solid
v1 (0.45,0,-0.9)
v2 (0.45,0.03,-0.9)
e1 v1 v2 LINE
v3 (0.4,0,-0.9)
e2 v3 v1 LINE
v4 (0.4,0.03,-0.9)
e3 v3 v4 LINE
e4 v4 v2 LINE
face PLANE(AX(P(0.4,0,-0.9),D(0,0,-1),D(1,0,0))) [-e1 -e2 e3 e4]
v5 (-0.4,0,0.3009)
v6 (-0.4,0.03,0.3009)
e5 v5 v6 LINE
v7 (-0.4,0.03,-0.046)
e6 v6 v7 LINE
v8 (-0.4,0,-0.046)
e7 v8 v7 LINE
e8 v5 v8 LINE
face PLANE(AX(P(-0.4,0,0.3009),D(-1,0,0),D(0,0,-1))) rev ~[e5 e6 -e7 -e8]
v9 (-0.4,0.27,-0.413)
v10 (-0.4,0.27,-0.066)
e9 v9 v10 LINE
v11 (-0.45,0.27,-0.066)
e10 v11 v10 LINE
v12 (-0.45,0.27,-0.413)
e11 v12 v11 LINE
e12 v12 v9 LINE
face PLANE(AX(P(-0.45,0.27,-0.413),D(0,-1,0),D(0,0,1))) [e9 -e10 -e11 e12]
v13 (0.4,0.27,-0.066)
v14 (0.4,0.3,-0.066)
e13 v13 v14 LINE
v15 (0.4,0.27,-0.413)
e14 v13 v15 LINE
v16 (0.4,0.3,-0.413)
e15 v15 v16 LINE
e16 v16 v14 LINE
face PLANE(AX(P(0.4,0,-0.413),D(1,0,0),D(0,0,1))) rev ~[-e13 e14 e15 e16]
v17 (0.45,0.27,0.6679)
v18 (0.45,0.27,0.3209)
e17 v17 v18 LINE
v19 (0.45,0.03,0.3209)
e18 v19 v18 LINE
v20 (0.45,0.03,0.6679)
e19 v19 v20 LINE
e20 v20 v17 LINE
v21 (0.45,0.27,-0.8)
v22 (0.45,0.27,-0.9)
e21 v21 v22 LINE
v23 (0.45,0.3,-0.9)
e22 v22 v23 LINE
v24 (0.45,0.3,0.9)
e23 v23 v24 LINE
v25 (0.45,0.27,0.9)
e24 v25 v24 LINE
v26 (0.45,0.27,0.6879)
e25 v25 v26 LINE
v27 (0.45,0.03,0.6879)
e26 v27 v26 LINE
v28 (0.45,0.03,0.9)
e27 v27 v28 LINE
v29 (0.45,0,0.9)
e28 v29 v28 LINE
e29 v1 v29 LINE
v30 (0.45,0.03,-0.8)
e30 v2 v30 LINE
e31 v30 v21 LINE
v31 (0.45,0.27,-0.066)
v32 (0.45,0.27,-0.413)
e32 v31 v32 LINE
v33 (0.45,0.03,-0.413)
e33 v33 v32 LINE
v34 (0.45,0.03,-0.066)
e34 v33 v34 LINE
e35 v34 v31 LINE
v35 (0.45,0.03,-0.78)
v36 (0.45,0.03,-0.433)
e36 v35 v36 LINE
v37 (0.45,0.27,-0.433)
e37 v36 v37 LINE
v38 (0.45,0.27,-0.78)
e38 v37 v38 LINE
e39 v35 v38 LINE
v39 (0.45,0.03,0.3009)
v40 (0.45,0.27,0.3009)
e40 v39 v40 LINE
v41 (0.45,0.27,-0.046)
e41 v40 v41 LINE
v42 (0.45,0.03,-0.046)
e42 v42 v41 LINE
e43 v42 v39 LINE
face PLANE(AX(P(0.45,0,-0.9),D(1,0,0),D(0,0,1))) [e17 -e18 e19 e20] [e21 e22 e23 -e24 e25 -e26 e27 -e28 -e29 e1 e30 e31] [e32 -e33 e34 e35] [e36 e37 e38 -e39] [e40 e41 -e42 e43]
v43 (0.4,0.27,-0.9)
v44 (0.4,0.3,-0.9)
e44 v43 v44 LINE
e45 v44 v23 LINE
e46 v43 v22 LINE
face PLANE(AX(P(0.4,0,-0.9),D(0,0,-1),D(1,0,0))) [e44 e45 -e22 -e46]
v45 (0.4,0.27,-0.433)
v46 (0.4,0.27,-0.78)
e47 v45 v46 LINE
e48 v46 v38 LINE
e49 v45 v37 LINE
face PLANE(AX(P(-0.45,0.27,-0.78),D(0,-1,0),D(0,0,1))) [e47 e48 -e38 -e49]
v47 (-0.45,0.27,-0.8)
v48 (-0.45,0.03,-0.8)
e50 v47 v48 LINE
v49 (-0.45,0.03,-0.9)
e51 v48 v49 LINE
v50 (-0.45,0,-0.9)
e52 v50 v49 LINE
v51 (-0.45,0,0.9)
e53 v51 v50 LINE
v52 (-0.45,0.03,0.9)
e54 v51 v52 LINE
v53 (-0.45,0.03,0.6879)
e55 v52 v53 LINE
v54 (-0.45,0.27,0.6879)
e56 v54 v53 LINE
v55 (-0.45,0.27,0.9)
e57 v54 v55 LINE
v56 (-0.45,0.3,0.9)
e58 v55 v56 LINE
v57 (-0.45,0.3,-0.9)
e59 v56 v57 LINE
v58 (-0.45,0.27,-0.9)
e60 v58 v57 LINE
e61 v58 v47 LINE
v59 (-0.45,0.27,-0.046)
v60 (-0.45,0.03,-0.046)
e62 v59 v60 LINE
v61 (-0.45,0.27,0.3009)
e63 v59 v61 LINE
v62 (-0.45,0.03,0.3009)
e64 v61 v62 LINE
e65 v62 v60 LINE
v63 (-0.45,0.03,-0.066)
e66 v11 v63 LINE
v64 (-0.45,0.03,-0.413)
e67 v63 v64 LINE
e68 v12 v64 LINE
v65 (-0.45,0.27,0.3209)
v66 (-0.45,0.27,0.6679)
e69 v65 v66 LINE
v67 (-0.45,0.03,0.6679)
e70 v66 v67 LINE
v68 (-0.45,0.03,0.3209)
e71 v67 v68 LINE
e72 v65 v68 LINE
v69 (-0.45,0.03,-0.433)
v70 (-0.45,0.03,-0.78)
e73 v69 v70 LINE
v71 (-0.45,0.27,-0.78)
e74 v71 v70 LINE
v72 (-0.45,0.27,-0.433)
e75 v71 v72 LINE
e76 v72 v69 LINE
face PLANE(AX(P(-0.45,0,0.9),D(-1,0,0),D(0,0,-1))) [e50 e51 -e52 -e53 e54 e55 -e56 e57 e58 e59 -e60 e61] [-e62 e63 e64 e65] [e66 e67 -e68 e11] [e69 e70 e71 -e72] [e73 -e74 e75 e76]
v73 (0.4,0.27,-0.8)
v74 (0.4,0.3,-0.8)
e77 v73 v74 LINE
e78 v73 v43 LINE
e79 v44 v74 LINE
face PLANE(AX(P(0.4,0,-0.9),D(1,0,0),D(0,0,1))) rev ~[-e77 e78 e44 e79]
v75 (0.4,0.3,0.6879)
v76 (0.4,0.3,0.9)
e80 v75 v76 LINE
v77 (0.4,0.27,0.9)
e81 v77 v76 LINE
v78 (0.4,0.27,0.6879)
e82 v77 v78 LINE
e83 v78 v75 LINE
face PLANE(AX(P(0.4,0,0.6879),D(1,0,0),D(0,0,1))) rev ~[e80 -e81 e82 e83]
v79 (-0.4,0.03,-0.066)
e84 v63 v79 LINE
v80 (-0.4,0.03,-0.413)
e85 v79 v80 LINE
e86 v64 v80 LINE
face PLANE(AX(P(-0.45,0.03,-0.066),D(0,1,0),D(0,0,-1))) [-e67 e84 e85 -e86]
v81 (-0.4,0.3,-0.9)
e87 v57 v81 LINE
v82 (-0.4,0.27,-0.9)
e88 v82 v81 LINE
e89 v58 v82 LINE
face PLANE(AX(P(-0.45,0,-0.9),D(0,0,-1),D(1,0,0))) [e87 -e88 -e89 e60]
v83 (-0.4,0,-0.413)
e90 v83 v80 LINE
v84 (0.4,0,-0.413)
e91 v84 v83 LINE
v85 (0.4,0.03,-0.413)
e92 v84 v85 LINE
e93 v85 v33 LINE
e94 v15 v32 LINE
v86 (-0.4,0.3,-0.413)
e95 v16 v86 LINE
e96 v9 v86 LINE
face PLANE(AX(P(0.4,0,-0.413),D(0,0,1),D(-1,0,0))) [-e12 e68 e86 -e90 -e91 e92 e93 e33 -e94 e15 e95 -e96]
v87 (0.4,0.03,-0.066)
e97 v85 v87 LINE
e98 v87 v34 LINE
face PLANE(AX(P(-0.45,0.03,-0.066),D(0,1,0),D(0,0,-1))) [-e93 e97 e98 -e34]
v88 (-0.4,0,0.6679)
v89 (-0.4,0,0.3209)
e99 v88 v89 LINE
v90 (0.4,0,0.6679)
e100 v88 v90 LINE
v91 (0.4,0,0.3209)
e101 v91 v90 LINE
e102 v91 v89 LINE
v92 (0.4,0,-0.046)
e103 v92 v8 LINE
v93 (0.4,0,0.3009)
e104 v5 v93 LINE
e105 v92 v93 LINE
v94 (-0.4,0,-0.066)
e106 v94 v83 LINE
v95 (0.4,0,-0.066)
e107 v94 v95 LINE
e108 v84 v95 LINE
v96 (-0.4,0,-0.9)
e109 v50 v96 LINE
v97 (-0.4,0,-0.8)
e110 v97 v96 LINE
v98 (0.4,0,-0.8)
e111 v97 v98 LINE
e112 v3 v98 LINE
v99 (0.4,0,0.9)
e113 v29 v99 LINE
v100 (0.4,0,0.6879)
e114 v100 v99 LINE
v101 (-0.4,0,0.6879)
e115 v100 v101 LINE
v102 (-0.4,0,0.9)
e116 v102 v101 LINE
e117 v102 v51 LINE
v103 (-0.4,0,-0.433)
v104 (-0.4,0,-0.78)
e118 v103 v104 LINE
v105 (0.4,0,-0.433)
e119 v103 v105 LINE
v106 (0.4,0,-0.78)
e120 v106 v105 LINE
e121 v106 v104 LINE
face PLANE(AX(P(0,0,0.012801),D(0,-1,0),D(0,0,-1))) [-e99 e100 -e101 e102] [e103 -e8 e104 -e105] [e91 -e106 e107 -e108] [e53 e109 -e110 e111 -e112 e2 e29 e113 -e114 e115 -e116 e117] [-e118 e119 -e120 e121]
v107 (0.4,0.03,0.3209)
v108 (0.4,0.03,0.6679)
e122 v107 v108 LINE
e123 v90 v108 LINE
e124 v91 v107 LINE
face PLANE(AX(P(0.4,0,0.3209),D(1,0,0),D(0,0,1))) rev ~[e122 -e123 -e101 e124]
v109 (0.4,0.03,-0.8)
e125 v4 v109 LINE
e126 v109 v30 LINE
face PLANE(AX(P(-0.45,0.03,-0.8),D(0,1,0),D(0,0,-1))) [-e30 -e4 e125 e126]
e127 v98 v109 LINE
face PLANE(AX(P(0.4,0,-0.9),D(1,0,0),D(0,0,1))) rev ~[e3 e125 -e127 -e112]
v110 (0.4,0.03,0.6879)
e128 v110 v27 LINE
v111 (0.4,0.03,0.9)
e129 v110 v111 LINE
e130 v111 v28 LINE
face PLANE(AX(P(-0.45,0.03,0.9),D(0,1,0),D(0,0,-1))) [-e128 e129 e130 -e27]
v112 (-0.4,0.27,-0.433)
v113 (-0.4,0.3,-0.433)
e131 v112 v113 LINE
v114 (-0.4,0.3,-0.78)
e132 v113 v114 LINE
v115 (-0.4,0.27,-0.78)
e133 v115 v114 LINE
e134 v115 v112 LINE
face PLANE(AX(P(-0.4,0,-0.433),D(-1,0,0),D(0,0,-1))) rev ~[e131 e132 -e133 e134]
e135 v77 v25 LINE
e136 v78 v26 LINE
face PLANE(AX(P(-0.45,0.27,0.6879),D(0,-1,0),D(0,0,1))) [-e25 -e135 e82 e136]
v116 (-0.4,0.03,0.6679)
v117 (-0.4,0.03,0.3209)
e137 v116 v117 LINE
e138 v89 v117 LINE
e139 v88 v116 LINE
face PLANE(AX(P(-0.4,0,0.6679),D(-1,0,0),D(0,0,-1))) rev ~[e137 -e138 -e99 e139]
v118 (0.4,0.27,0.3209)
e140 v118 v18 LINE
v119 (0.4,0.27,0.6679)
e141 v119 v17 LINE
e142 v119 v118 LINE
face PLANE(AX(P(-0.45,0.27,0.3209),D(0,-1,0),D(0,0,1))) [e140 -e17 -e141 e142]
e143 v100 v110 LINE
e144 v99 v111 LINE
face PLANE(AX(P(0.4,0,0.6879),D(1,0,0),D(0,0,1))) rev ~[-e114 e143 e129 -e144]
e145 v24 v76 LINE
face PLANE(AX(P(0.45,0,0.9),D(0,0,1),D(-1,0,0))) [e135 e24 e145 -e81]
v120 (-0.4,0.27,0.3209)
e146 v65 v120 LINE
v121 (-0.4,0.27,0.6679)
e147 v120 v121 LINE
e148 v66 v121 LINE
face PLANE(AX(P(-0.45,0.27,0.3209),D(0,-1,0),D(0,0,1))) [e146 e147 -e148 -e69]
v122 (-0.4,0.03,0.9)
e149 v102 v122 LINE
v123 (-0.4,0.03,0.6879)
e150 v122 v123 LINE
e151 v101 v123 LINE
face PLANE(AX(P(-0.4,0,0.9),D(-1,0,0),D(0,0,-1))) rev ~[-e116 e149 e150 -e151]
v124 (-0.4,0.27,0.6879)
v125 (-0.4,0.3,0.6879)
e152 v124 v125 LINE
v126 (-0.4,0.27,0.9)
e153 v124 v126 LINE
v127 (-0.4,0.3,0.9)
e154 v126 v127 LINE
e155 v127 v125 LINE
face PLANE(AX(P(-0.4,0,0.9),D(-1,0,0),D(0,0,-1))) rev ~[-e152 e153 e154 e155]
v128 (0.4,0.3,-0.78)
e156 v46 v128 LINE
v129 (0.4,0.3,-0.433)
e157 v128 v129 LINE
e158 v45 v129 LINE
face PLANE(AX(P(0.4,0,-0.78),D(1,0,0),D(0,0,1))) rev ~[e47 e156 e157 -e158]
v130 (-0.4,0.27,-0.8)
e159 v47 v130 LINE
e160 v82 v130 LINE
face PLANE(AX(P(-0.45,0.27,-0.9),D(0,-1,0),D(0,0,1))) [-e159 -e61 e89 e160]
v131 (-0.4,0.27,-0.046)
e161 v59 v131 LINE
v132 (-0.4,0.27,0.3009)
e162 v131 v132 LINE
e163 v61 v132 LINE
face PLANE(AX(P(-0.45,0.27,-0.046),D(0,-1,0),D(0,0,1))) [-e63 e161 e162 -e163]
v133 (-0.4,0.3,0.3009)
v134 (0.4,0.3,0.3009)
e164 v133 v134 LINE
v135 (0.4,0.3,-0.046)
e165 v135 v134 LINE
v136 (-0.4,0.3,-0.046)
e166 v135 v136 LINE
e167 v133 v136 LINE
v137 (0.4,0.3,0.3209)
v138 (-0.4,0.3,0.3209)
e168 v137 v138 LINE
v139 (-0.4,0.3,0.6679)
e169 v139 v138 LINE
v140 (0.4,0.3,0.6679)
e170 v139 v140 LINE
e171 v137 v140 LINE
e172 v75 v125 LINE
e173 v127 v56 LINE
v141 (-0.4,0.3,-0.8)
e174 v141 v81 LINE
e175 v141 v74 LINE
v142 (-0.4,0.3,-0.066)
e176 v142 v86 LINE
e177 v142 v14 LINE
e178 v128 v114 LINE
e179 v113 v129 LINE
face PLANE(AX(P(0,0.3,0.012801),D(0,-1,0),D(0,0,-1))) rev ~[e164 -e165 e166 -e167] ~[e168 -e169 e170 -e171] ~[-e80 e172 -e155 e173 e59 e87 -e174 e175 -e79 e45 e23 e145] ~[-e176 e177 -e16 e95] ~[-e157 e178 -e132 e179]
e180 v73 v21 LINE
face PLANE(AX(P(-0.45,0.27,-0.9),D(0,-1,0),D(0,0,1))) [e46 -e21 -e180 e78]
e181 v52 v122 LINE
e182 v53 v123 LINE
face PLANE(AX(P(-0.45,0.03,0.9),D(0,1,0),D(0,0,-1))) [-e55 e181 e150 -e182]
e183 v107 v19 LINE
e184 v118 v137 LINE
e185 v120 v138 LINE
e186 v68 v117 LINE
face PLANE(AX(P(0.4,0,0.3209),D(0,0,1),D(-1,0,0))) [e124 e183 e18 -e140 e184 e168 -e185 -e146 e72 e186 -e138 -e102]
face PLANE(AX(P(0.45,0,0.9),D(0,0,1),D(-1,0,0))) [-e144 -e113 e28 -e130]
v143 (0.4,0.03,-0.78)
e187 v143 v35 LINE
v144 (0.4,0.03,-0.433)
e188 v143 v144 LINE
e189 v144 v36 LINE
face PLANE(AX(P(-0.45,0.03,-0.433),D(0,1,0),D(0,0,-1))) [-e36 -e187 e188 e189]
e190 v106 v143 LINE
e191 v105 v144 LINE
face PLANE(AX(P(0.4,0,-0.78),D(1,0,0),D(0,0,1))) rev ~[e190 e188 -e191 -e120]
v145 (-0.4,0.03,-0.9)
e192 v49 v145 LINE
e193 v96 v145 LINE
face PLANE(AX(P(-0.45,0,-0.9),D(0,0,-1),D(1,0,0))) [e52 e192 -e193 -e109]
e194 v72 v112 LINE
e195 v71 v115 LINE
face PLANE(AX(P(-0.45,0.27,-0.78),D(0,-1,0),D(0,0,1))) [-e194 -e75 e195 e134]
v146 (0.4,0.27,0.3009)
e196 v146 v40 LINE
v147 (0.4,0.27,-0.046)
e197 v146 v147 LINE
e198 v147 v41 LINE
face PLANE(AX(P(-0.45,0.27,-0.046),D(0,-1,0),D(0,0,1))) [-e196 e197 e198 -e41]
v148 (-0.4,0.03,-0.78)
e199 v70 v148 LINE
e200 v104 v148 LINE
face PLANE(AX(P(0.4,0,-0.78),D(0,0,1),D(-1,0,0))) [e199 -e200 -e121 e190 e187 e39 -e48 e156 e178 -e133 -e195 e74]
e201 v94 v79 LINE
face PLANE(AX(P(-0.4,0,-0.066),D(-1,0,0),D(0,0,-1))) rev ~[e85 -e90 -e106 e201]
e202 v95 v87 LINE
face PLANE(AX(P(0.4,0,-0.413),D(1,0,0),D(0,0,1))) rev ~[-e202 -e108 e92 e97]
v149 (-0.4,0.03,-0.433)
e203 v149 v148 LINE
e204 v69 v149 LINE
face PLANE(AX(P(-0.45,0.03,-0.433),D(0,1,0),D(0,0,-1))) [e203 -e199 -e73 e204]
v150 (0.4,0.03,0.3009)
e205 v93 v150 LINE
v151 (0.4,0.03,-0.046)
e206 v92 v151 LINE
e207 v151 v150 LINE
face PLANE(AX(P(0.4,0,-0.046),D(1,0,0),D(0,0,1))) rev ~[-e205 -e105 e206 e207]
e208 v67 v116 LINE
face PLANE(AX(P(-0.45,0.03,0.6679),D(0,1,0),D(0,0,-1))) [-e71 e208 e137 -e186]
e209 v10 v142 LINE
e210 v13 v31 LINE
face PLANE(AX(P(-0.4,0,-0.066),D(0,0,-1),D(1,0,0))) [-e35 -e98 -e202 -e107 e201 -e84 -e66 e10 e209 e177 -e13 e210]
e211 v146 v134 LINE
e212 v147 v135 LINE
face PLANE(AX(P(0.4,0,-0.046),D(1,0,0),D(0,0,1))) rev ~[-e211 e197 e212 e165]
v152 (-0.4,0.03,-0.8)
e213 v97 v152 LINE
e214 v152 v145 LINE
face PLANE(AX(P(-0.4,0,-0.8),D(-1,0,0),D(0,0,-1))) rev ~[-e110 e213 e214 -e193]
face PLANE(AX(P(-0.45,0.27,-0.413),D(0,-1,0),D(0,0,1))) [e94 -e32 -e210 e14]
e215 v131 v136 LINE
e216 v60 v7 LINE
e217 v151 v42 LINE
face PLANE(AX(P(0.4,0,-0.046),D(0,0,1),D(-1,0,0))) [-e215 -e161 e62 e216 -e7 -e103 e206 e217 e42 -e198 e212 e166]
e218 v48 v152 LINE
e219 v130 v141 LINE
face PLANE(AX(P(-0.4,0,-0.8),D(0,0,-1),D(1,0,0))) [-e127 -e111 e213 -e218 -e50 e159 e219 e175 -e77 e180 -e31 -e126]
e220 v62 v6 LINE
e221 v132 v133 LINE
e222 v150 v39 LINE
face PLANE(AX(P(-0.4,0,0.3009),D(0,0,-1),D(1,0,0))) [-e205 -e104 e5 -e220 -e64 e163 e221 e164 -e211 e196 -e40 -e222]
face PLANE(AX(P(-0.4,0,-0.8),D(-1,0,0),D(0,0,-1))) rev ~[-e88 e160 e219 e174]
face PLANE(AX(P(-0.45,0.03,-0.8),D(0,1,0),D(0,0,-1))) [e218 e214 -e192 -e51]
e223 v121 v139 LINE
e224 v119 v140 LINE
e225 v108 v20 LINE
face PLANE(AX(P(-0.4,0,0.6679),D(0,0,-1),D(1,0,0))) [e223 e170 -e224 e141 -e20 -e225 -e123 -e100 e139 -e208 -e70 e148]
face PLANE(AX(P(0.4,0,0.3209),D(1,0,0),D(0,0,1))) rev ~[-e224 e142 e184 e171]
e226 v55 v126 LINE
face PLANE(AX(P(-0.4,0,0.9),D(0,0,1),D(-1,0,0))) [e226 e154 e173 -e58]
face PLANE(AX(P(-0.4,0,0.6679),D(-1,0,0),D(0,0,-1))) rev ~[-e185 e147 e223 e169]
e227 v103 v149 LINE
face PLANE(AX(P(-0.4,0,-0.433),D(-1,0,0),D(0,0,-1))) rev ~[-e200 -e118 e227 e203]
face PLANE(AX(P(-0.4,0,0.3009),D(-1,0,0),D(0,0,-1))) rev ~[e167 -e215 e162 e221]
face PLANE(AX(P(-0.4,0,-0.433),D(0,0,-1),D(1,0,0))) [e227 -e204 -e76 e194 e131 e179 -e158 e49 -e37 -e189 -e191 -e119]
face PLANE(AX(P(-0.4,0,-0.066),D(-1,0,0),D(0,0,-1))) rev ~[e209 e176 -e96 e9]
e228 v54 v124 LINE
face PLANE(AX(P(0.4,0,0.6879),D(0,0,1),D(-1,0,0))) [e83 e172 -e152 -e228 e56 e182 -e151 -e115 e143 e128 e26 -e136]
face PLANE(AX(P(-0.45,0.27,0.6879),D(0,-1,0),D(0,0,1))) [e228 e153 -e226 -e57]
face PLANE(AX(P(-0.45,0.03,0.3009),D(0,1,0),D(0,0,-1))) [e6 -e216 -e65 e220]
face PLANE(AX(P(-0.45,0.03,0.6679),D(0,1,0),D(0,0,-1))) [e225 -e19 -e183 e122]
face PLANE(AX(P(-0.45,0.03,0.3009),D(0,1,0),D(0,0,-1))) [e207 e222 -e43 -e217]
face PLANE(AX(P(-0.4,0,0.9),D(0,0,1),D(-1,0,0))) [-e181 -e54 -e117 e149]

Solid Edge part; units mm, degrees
sketch "Sketch1" plane through (0, 0, 0) normal (0, -1, 0) x (1, 0, 0)
  line L0 (-0.4, 0.6679) -> (0.4, 0.6679)
  line L1 (0.4, 0.3209) -> (0.4, 0.6679)
  line L2 (0.4, 0.3209) -> (-0.4, 0.3209)
  line L3 (-0.4, 0.6679) -> (-0.4, 0.3209)
  line L4 (-0.4, 0.3009) -> (0.4, 0.3009)
  line L5 (0.4, -0.046) -> (0.4, 0.3009)
  line L6 (0.4, -0.046) -> (-0.4, -0.046)
  line L7 (-0.4, 0.3009) -> (-0.4, -0.046)
  line L8 (-0.4, -0.066) -> (0.4, -0.066)
  line L9 (0.4, -0.413) -> (0.4, -0.066)
  line L10 (0.4, -0.413) -> (-0.4, -0.413)
  line L11 (-0.4, -0.066) -> (-0.4, -0.413)
  line L12 (-0.4, -0.433) -> (0.4, -0.433)
  line L13 (0.4, -0.78) -> (0.4, -0.433)
  line L14 (0.4, -0.78) -> (-0.4, -0.78)
  line L15 (-0.4, -0.433) -> (-0.4, -0.78)
  line L16 (0.4, -0.9) -> (0.45, -0.9)
  line L17 (0.45, -0.9) -> (0.45, 0.9)
  line L18 (0.45, 0.9) -> (0.4, 0.9)
  line L19 (0.4, 0.6879) -> (0.4, 0.9)
  line L20 (0.4, 0.6879) -> (-0.4, 0.6879)
  line L21 (-0.4, 0.9) -> (-0.4, 0.6879)
  line L22 (-0.4, 0.9) -> (-0.45, 0.9)
  line L23 (-0.45, 0.9) -> (-0.45, -0.9)
  line L24 (-0.45, -0.9) -> (-0.4, -0.9)
  line L25 (-0.4, -0.8) -> (-0.4, -0.9)
  line L26 (-0.4, -0.8) -> (0.4, -0.8)
  line L27 (0.4, -0.9) -> (0.4, -0.8)
  dimension "D1" = 0.05
  dimension "D2" = 1.8
  dimension "D3" = 0.9
  dimension "D4" = 0.02
  dimension "D5" = 0.347
  dimension "D6" = 0.1
extrude "Protrusion1" add sketch "Sketch1" against normal blind 0.3
sketch "Sketch2" plane through (-0.45, 0.15, 0) normal (-1, 0, 0) x (0, 0, -1)
  line L0 (-0.6679, -0.12) -> (-0.6679, 0.12)
  line L1 (-0.6679, 0.12) -> (-0.3209, 0.12)
  line L2 (-0.3209, -0.12) -> (-0.3209, 0.12)
  line L3 (-0.3209, -0.12) -> (-0.6679, -0.12)
  line L4 (-0.3009, -0.12) -> (-0.3009, 0.12)
  line L5 (-0.3009, 0.12) -> (0.046, 0.12)
  line L6 (0.046, -0.12) -> (0.046, 0.12)
  line L7 (0.046, -0.12) -> (-0.3009, -0.12)
  line L8 (0.066, -0.12) -> (0.066, 0.12)
  line L9 (0.066, 0.12) -> (0.413, 0.12)
  line L10 (0.413, -0.12) -> (0.413, 0.12)
  line L11 (0.413, -0.12) -> (0.066, -0.12)
  line L12 (0.433, -0.12) -> (0.433, 0.12)
  line L13 (0.433, 0.12) -> (0.78, 0.12)
  line L14 (0.78, -0.12) -> (0.78, 0.12)
  line L15 (0.78, -0.12) -> (0.433, -0.12)
  line L16 (0.8, -0.12) -> (0.8, 0.12)
  line L17 (0.8, 0.12) -> (0.9, 0.12)
  line L18 (0.9, -0.12) -> (0.9, 0.12)
  line L19 (0.9, -0.12) -> (0.8, -0.12)
  line L20 (-0.6879, -0.12) -> (-0.6879, 0.12)
  line L21 (-0.9, 0.12) -> (-0.6879, 0.12)
  line L22 (-0.9, -0.12) -> (-0.9, 0.12)
  line L23 (-0.6879, -0.12) -> (-0.9, -0.12)
  dimension "D1" = 0.03
extrude "Cutout1" cut sketch "Sketch2" against normal through all
